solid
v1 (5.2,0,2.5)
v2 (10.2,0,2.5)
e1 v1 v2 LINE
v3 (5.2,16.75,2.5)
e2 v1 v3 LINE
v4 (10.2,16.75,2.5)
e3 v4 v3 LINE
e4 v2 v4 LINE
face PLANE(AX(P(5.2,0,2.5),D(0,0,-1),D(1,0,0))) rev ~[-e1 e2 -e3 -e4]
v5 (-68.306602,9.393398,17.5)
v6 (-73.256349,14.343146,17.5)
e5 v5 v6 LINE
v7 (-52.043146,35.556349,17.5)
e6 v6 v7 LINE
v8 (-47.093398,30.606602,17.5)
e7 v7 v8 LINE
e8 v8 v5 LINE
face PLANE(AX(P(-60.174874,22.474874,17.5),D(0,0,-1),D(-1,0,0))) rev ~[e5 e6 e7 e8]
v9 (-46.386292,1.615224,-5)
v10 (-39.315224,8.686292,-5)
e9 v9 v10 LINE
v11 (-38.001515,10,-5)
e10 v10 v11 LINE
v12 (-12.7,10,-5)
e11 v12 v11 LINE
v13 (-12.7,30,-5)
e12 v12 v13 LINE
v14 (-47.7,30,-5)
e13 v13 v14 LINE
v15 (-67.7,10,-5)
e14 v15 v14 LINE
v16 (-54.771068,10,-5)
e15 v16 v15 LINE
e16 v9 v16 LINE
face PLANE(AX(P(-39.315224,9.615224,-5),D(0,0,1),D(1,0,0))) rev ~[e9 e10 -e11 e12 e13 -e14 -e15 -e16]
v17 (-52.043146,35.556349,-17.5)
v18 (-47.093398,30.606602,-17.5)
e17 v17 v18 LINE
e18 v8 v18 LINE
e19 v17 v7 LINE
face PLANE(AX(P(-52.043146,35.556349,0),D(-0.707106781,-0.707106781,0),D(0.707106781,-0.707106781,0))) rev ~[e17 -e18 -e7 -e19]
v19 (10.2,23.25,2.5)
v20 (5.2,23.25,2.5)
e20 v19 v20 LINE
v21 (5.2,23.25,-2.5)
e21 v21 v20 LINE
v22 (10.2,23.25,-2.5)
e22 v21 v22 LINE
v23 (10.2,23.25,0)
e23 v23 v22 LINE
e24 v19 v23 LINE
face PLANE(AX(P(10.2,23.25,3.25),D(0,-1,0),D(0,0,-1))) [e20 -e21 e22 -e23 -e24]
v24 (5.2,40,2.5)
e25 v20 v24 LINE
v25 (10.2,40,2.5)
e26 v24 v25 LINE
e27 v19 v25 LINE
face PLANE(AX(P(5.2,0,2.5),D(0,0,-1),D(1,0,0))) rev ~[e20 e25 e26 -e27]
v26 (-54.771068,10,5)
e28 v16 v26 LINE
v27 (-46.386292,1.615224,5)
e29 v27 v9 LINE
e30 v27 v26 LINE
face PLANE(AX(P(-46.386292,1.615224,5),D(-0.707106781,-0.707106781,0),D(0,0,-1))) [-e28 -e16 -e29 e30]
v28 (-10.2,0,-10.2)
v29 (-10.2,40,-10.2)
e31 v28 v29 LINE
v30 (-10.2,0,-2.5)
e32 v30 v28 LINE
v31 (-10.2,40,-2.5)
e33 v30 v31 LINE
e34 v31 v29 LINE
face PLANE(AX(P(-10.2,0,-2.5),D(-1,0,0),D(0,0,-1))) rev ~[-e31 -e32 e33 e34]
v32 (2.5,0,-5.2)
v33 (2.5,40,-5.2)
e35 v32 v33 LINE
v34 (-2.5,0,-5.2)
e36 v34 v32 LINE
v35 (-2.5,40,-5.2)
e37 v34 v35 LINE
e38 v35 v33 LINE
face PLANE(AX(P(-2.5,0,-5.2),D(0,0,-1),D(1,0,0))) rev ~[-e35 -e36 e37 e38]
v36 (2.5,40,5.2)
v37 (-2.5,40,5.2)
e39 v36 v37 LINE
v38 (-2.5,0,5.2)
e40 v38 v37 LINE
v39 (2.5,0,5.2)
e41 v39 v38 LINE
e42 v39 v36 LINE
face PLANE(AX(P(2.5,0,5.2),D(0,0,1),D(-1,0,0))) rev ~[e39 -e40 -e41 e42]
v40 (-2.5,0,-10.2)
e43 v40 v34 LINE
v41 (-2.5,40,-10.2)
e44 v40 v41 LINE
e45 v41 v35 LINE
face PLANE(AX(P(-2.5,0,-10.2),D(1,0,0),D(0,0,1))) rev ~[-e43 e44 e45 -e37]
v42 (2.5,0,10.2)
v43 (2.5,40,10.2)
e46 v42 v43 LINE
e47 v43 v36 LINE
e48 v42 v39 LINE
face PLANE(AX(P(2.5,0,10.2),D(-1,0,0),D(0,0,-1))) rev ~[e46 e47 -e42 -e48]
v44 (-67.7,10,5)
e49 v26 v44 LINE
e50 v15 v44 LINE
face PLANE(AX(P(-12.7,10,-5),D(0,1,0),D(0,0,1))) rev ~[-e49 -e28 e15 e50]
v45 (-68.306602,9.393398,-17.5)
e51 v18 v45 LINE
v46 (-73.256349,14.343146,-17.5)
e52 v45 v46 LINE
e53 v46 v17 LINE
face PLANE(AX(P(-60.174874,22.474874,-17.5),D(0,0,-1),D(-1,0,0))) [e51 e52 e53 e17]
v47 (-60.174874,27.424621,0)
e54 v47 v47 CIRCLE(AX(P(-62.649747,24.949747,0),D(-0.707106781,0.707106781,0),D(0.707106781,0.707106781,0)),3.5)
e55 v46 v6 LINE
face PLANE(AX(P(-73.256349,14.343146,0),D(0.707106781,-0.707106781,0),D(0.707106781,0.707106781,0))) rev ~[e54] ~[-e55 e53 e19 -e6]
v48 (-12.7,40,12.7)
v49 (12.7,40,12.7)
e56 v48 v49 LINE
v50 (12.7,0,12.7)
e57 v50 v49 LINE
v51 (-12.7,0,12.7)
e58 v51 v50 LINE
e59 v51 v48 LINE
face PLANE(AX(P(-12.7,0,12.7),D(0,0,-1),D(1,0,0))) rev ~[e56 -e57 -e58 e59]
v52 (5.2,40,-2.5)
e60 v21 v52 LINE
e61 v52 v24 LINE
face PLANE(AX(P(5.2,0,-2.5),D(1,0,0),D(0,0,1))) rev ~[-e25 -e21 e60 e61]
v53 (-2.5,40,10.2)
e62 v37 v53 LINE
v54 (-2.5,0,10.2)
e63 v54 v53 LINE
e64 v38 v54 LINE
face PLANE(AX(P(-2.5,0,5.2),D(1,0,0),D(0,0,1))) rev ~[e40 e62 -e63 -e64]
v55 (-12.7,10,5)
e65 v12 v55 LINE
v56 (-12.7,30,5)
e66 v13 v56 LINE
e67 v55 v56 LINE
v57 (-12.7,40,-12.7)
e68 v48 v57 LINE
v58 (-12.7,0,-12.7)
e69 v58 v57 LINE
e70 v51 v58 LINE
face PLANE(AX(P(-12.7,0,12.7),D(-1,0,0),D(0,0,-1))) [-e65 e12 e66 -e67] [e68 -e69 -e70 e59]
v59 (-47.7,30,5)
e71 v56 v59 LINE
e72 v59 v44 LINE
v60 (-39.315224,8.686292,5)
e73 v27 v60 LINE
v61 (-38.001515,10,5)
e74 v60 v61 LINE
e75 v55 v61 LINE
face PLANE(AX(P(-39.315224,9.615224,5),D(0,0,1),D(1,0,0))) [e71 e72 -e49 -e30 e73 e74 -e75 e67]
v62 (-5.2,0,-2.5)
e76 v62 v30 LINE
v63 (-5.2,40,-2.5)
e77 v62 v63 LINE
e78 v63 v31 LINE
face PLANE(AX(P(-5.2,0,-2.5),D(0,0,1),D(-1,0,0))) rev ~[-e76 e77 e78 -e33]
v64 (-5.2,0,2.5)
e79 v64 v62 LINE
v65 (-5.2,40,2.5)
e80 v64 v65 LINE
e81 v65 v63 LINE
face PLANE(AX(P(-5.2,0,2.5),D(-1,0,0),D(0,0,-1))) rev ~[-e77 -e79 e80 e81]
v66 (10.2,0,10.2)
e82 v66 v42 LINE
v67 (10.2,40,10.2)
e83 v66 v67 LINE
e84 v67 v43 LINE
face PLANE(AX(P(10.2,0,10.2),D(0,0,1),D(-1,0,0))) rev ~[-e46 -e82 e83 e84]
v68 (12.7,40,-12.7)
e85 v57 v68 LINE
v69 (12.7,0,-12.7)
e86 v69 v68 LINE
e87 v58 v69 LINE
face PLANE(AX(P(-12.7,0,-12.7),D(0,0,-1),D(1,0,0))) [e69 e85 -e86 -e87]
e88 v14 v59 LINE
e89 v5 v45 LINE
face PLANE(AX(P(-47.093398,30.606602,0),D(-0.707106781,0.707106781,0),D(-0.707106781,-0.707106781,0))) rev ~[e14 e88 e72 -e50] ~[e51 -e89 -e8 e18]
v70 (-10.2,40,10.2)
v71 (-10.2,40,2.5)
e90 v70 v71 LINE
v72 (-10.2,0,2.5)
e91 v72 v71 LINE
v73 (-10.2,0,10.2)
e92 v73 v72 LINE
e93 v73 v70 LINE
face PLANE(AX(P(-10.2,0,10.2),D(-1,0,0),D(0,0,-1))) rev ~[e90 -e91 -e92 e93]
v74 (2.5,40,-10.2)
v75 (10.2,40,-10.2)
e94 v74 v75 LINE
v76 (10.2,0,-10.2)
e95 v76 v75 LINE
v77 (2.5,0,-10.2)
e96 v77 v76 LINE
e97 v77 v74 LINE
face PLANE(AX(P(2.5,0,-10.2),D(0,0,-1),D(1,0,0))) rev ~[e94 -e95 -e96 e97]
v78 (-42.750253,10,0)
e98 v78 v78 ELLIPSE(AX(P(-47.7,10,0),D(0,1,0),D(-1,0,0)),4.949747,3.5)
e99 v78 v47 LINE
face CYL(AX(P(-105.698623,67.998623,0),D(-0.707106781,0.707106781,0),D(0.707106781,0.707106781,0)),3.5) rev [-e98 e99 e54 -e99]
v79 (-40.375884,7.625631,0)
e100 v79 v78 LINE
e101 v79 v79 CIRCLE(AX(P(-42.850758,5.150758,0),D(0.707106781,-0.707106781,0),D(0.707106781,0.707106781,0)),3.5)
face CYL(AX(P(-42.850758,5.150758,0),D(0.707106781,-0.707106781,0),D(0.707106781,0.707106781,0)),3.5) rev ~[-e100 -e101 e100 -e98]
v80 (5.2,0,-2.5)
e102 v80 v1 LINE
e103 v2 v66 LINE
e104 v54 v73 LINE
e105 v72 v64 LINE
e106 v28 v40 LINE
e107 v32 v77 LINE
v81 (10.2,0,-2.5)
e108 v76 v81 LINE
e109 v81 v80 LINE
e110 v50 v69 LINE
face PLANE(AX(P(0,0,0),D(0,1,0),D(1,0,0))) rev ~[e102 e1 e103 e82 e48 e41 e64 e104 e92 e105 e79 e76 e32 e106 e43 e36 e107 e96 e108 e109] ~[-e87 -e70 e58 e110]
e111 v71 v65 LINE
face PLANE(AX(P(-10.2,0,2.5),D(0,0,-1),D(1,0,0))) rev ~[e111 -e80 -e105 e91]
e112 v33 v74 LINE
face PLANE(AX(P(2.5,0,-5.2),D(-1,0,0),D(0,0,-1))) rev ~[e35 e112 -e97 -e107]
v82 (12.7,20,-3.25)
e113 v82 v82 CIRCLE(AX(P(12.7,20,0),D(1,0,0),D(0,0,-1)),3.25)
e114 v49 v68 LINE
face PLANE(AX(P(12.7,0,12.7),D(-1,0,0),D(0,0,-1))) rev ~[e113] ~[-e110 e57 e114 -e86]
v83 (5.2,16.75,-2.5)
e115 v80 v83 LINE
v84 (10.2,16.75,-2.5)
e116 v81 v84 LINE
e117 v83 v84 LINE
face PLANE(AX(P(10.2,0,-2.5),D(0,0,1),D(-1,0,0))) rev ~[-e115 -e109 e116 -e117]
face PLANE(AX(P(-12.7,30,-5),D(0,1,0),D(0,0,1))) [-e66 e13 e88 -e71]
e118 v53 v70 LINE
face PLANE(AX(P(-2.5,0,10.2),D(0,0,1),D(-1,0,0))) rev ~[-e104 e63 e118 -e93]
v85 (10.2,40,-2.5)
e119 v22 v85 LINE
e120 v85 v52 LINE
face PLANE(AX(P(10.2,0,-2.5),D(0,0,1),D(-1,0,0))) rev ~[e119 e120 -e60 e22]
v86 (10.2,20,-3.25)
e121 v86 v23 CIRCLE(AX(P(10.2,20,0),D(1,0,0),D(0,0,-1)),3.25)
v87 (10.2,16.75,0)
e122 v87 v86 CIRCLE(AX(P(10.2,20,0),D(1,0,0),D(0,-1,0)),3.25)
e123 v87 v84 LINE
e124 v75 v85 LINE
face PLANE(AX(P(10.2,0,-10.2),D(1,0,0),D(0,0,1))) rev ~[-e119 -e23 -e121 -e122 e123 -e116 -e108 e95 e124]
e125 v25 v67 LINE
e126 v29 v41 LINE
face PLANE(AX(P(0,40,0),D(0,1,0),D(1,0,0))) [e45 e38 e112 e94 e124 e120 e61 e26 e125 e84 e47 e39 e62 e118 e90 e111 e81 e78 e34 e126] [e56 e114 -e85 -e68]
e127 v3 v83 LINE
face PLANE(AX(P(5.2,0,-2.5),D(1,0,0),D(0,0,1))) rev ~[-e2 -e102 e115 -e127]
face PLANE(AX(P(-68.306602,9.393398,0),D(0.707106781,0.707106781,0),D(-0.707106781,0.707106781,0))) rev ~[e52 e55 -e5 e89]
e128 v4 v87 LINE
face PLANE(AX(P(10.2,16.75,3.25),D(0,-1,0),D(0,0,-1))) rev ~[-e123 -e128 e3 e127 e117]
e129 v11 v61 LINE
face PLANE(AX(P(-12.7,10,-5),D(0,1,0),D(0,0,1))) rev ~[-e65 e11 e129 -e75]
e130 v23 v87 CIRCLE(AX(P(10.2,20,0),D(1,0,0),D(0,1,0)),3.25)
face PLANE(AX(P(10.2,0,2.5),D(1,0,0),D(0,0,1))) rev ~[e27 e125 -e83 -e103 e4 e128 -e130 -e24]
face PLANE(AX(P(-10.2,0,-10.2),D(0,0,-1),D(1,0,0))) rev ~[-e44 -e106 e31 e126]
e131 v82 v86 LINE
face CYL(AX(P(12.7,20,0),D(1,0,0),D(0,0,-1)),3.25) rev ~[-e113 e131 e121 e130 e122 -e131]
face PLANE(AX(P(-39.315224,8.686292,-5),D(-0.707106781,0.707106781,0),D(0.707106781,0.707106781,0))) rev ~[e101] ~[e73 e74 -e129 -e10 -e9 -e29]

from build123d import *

# Parameters (mm, degrees)
CROQUIS1_W                 = 25.4
CROQUIS1_H                 = 25.4
SALIENTE_EXTRUIR1_DEPTH    = 40
SALIENTE_EXTRUIR3_DEPTH    = 17.5
SALIENTE_EXTRUIR4_REACH    = 76.655
CROQUIS6_W                 = 10
CROQUIS6_H                 = 20
CROQUIS9_R                 = 3.25
CORTAR_EXTRUIR3_DEPTH      = 10
CORTAR_EXTRUIR4_START      = -2.5
CROQUIS10_W                = 6.5
CROQUIS10_H                = 6.5
CORTAR_EXTRUIR4_DEPTH      = 10
CORTAR_EXTRUIR1_DEPTH      = 67.880303528
CORTAR_EXTRUIR1_DEPTH_BACK = 67.880303528
CROQUIS7_R                 = 3.5
SALIENTE_EXTRUIR5_START    = 21
CROQUIS11_W                = 10
CROQUIS11_H                = 10
CROQUIS11_R                = 3.5
SALIENTE_EXTRUIR5_DEPTH    = 21
SALIENTE_EXTRUIR6_START    = -10
SALIENTE_EXTRUIR6_DEPTH    = 10


with BuildPart() as part:
    # Croquis1 → Saliente-Extruir1 (new body)
    with BuildSketch(Plane(origin=(0, 0, 0), x_dir=(1, 0, 0), z_dir=(0, 1, 0))):
        Rectangle(CROQUIS1_W, CROQUIS1_H)
        Polygon((-10.2, 10.2), (-2.5, 10.2), (-2.5, 5.2), (2.5, 5.2), (2.5, 10.2), (10.2, 10.2), (10.2, 2.5), (5.2, 2.5), (5.2, -2.5), (10.2, -2.5), (10.2, -10.2), (2.5, -10.2), (2.5, -5.2), (-2.5, -5.2), (-2.5, -10.2), (-10.2, -10.2), (-10.2, -2.5), (-5.2, -2.5), (-5.2, 2.5), (-10.2, 2.5), align=None, mode=Mode.SUBTRACT)
    extrude(amount=SALIENTE_EXTRUIR1_DEPTH)



with BuildPart() as body_2:
    # Croquis4 → Saliente-Extruir3 (new, symmetric)
    with BuildSketch(Plane.XY):
        Polygon((-52.043145751, 35.556349186), (-47.093398282, 30.606601718), (-68.306601718, 9.393398282), (-73.256349186, 14.343145751), align=None)
    extrude(amount=SALIENTE_EXTRUIR3_DEPTH, both=True)


with BuildPart() as part_1:
    add(part.part)

    add(body_2.part)  # Saliente-Extruir4 merges body 2
    # Saliente-Extruir4: up to this plane
    saliente_extruir4_end = Plane(origin=(-68.306601718, 9.393398282, 17.5), z_dir=(-0.7071067811865436, 0.7071067811865516, 0))
    # Croquis6 → Saliente-Extruir4 (add, up to the surface)
    with BuildSketch(Plane.ZY.offset(12.7), mode=Mode.PRIVATE) as saliente_extruir4_sk1:
        with Locations((0, 20)):
            Rectangle(CROQUIS6_W, CROQUIS6_H)
    saliente_extruir4_tool1 = split(extrude(saliente_extruir4_sk1.sketch, amount=SALIENTE_EXTRUIR4_REACH, mode=Mode.PRIVATE), bisect_by=saliente_extruir4_end, keep=Keep.BOTH, mode=Mode.PRIVATE)
    add(saliente_extruir4_tool1.solids().sort_by_distance((-12.7, 20, 0))[0])

    # Croquis9 → Cortar-Extruir3 (cut)
    with BuildSketch(Plane(origin=(12.7, 0, 0), x_dir=(0, 0, -1), z_dir=(1, 0, 0))):
        with Locations((0, 20)):
            Circle(CROQUIS9_R)
    extrude(amount=-CORTAR_EXTRUIR3_DEPTH, mode=Mode.SUBTRACT)

    # Croquis10 → Cortar-Extruir4 (cut)
    with BuildSketch(Plane(origin=(12.7, 0, 0), x_dir=(0, 0, -1), z_dir=(1, 0, 0)).offset(CORTAR_EXTRUIR4_START)):
        with Locations((0, 20)):
            Rectangle(CROQUIS10_W, CROQUIS10_H)
    extrude(amount=-CORTAR_EXTRUIR4_DEPTH, mode=Mode.SUBTRACT)

    # Croquis7 → Cortar-Extruir1 (cut, two sides: drawn at the far end of the back side and taken through both)
    with BuildSketch(Plane(origin=(-38.85, 38.85, 0), x_dir=(0, 0, -1), z_dir=(0.7071067811865438, -0.7071067811865512, 0)).offset(-CORTAR_EXTRUIR1_DEPTH_BACK)):
        with Locations(Location((0, -26.657925651, 0), (0, 0, 90))):
            Circle(CROQUIS7_R)
    extrude(amount=CORTAR_EXTRUIR1_DEPTH + CORTAR_EXTRUIR1_DEPTH_BACK, mode=Mode.SUBTRACT)

    # Croquis11 → Saliente-Extruir5 (add)
    with BuildSketch(Plane(origin=(-38.85, 38.85, 0), x_dir=(0, 0, -1), z_dir=(0.7071067811865437, -0.7071067811865515, 0)).offset(SALIENTE_EXTRUIR5_START)):
        with Locations((0, -26.657925651)):
            Rectangle(CROQUIS11_W, CROQUIS11_H)
        with Locations(Location((0, -26.657925651, 0), (0, 0, 90))):
            Circle(CROQUIS11_R, mode=Mode.SUBTRACT)
    extrude(amount=-SALIENTE_EXTRUIR5_DEPTH)

    # Croquis12 → Saliente-Extruir6 (add)
    with BuildSketch(Plane.XY.offset(5).offset(SALIENTE_EXTRUIR6_START)):
        Polygon((-38.00151519, 10), (-40.628932188, 10), (-39.315223689, 8.686291501), align=None)
    extrude(amount=SALIENTE_EXTRUIR6_DEPTH)


solid = part_1.part
